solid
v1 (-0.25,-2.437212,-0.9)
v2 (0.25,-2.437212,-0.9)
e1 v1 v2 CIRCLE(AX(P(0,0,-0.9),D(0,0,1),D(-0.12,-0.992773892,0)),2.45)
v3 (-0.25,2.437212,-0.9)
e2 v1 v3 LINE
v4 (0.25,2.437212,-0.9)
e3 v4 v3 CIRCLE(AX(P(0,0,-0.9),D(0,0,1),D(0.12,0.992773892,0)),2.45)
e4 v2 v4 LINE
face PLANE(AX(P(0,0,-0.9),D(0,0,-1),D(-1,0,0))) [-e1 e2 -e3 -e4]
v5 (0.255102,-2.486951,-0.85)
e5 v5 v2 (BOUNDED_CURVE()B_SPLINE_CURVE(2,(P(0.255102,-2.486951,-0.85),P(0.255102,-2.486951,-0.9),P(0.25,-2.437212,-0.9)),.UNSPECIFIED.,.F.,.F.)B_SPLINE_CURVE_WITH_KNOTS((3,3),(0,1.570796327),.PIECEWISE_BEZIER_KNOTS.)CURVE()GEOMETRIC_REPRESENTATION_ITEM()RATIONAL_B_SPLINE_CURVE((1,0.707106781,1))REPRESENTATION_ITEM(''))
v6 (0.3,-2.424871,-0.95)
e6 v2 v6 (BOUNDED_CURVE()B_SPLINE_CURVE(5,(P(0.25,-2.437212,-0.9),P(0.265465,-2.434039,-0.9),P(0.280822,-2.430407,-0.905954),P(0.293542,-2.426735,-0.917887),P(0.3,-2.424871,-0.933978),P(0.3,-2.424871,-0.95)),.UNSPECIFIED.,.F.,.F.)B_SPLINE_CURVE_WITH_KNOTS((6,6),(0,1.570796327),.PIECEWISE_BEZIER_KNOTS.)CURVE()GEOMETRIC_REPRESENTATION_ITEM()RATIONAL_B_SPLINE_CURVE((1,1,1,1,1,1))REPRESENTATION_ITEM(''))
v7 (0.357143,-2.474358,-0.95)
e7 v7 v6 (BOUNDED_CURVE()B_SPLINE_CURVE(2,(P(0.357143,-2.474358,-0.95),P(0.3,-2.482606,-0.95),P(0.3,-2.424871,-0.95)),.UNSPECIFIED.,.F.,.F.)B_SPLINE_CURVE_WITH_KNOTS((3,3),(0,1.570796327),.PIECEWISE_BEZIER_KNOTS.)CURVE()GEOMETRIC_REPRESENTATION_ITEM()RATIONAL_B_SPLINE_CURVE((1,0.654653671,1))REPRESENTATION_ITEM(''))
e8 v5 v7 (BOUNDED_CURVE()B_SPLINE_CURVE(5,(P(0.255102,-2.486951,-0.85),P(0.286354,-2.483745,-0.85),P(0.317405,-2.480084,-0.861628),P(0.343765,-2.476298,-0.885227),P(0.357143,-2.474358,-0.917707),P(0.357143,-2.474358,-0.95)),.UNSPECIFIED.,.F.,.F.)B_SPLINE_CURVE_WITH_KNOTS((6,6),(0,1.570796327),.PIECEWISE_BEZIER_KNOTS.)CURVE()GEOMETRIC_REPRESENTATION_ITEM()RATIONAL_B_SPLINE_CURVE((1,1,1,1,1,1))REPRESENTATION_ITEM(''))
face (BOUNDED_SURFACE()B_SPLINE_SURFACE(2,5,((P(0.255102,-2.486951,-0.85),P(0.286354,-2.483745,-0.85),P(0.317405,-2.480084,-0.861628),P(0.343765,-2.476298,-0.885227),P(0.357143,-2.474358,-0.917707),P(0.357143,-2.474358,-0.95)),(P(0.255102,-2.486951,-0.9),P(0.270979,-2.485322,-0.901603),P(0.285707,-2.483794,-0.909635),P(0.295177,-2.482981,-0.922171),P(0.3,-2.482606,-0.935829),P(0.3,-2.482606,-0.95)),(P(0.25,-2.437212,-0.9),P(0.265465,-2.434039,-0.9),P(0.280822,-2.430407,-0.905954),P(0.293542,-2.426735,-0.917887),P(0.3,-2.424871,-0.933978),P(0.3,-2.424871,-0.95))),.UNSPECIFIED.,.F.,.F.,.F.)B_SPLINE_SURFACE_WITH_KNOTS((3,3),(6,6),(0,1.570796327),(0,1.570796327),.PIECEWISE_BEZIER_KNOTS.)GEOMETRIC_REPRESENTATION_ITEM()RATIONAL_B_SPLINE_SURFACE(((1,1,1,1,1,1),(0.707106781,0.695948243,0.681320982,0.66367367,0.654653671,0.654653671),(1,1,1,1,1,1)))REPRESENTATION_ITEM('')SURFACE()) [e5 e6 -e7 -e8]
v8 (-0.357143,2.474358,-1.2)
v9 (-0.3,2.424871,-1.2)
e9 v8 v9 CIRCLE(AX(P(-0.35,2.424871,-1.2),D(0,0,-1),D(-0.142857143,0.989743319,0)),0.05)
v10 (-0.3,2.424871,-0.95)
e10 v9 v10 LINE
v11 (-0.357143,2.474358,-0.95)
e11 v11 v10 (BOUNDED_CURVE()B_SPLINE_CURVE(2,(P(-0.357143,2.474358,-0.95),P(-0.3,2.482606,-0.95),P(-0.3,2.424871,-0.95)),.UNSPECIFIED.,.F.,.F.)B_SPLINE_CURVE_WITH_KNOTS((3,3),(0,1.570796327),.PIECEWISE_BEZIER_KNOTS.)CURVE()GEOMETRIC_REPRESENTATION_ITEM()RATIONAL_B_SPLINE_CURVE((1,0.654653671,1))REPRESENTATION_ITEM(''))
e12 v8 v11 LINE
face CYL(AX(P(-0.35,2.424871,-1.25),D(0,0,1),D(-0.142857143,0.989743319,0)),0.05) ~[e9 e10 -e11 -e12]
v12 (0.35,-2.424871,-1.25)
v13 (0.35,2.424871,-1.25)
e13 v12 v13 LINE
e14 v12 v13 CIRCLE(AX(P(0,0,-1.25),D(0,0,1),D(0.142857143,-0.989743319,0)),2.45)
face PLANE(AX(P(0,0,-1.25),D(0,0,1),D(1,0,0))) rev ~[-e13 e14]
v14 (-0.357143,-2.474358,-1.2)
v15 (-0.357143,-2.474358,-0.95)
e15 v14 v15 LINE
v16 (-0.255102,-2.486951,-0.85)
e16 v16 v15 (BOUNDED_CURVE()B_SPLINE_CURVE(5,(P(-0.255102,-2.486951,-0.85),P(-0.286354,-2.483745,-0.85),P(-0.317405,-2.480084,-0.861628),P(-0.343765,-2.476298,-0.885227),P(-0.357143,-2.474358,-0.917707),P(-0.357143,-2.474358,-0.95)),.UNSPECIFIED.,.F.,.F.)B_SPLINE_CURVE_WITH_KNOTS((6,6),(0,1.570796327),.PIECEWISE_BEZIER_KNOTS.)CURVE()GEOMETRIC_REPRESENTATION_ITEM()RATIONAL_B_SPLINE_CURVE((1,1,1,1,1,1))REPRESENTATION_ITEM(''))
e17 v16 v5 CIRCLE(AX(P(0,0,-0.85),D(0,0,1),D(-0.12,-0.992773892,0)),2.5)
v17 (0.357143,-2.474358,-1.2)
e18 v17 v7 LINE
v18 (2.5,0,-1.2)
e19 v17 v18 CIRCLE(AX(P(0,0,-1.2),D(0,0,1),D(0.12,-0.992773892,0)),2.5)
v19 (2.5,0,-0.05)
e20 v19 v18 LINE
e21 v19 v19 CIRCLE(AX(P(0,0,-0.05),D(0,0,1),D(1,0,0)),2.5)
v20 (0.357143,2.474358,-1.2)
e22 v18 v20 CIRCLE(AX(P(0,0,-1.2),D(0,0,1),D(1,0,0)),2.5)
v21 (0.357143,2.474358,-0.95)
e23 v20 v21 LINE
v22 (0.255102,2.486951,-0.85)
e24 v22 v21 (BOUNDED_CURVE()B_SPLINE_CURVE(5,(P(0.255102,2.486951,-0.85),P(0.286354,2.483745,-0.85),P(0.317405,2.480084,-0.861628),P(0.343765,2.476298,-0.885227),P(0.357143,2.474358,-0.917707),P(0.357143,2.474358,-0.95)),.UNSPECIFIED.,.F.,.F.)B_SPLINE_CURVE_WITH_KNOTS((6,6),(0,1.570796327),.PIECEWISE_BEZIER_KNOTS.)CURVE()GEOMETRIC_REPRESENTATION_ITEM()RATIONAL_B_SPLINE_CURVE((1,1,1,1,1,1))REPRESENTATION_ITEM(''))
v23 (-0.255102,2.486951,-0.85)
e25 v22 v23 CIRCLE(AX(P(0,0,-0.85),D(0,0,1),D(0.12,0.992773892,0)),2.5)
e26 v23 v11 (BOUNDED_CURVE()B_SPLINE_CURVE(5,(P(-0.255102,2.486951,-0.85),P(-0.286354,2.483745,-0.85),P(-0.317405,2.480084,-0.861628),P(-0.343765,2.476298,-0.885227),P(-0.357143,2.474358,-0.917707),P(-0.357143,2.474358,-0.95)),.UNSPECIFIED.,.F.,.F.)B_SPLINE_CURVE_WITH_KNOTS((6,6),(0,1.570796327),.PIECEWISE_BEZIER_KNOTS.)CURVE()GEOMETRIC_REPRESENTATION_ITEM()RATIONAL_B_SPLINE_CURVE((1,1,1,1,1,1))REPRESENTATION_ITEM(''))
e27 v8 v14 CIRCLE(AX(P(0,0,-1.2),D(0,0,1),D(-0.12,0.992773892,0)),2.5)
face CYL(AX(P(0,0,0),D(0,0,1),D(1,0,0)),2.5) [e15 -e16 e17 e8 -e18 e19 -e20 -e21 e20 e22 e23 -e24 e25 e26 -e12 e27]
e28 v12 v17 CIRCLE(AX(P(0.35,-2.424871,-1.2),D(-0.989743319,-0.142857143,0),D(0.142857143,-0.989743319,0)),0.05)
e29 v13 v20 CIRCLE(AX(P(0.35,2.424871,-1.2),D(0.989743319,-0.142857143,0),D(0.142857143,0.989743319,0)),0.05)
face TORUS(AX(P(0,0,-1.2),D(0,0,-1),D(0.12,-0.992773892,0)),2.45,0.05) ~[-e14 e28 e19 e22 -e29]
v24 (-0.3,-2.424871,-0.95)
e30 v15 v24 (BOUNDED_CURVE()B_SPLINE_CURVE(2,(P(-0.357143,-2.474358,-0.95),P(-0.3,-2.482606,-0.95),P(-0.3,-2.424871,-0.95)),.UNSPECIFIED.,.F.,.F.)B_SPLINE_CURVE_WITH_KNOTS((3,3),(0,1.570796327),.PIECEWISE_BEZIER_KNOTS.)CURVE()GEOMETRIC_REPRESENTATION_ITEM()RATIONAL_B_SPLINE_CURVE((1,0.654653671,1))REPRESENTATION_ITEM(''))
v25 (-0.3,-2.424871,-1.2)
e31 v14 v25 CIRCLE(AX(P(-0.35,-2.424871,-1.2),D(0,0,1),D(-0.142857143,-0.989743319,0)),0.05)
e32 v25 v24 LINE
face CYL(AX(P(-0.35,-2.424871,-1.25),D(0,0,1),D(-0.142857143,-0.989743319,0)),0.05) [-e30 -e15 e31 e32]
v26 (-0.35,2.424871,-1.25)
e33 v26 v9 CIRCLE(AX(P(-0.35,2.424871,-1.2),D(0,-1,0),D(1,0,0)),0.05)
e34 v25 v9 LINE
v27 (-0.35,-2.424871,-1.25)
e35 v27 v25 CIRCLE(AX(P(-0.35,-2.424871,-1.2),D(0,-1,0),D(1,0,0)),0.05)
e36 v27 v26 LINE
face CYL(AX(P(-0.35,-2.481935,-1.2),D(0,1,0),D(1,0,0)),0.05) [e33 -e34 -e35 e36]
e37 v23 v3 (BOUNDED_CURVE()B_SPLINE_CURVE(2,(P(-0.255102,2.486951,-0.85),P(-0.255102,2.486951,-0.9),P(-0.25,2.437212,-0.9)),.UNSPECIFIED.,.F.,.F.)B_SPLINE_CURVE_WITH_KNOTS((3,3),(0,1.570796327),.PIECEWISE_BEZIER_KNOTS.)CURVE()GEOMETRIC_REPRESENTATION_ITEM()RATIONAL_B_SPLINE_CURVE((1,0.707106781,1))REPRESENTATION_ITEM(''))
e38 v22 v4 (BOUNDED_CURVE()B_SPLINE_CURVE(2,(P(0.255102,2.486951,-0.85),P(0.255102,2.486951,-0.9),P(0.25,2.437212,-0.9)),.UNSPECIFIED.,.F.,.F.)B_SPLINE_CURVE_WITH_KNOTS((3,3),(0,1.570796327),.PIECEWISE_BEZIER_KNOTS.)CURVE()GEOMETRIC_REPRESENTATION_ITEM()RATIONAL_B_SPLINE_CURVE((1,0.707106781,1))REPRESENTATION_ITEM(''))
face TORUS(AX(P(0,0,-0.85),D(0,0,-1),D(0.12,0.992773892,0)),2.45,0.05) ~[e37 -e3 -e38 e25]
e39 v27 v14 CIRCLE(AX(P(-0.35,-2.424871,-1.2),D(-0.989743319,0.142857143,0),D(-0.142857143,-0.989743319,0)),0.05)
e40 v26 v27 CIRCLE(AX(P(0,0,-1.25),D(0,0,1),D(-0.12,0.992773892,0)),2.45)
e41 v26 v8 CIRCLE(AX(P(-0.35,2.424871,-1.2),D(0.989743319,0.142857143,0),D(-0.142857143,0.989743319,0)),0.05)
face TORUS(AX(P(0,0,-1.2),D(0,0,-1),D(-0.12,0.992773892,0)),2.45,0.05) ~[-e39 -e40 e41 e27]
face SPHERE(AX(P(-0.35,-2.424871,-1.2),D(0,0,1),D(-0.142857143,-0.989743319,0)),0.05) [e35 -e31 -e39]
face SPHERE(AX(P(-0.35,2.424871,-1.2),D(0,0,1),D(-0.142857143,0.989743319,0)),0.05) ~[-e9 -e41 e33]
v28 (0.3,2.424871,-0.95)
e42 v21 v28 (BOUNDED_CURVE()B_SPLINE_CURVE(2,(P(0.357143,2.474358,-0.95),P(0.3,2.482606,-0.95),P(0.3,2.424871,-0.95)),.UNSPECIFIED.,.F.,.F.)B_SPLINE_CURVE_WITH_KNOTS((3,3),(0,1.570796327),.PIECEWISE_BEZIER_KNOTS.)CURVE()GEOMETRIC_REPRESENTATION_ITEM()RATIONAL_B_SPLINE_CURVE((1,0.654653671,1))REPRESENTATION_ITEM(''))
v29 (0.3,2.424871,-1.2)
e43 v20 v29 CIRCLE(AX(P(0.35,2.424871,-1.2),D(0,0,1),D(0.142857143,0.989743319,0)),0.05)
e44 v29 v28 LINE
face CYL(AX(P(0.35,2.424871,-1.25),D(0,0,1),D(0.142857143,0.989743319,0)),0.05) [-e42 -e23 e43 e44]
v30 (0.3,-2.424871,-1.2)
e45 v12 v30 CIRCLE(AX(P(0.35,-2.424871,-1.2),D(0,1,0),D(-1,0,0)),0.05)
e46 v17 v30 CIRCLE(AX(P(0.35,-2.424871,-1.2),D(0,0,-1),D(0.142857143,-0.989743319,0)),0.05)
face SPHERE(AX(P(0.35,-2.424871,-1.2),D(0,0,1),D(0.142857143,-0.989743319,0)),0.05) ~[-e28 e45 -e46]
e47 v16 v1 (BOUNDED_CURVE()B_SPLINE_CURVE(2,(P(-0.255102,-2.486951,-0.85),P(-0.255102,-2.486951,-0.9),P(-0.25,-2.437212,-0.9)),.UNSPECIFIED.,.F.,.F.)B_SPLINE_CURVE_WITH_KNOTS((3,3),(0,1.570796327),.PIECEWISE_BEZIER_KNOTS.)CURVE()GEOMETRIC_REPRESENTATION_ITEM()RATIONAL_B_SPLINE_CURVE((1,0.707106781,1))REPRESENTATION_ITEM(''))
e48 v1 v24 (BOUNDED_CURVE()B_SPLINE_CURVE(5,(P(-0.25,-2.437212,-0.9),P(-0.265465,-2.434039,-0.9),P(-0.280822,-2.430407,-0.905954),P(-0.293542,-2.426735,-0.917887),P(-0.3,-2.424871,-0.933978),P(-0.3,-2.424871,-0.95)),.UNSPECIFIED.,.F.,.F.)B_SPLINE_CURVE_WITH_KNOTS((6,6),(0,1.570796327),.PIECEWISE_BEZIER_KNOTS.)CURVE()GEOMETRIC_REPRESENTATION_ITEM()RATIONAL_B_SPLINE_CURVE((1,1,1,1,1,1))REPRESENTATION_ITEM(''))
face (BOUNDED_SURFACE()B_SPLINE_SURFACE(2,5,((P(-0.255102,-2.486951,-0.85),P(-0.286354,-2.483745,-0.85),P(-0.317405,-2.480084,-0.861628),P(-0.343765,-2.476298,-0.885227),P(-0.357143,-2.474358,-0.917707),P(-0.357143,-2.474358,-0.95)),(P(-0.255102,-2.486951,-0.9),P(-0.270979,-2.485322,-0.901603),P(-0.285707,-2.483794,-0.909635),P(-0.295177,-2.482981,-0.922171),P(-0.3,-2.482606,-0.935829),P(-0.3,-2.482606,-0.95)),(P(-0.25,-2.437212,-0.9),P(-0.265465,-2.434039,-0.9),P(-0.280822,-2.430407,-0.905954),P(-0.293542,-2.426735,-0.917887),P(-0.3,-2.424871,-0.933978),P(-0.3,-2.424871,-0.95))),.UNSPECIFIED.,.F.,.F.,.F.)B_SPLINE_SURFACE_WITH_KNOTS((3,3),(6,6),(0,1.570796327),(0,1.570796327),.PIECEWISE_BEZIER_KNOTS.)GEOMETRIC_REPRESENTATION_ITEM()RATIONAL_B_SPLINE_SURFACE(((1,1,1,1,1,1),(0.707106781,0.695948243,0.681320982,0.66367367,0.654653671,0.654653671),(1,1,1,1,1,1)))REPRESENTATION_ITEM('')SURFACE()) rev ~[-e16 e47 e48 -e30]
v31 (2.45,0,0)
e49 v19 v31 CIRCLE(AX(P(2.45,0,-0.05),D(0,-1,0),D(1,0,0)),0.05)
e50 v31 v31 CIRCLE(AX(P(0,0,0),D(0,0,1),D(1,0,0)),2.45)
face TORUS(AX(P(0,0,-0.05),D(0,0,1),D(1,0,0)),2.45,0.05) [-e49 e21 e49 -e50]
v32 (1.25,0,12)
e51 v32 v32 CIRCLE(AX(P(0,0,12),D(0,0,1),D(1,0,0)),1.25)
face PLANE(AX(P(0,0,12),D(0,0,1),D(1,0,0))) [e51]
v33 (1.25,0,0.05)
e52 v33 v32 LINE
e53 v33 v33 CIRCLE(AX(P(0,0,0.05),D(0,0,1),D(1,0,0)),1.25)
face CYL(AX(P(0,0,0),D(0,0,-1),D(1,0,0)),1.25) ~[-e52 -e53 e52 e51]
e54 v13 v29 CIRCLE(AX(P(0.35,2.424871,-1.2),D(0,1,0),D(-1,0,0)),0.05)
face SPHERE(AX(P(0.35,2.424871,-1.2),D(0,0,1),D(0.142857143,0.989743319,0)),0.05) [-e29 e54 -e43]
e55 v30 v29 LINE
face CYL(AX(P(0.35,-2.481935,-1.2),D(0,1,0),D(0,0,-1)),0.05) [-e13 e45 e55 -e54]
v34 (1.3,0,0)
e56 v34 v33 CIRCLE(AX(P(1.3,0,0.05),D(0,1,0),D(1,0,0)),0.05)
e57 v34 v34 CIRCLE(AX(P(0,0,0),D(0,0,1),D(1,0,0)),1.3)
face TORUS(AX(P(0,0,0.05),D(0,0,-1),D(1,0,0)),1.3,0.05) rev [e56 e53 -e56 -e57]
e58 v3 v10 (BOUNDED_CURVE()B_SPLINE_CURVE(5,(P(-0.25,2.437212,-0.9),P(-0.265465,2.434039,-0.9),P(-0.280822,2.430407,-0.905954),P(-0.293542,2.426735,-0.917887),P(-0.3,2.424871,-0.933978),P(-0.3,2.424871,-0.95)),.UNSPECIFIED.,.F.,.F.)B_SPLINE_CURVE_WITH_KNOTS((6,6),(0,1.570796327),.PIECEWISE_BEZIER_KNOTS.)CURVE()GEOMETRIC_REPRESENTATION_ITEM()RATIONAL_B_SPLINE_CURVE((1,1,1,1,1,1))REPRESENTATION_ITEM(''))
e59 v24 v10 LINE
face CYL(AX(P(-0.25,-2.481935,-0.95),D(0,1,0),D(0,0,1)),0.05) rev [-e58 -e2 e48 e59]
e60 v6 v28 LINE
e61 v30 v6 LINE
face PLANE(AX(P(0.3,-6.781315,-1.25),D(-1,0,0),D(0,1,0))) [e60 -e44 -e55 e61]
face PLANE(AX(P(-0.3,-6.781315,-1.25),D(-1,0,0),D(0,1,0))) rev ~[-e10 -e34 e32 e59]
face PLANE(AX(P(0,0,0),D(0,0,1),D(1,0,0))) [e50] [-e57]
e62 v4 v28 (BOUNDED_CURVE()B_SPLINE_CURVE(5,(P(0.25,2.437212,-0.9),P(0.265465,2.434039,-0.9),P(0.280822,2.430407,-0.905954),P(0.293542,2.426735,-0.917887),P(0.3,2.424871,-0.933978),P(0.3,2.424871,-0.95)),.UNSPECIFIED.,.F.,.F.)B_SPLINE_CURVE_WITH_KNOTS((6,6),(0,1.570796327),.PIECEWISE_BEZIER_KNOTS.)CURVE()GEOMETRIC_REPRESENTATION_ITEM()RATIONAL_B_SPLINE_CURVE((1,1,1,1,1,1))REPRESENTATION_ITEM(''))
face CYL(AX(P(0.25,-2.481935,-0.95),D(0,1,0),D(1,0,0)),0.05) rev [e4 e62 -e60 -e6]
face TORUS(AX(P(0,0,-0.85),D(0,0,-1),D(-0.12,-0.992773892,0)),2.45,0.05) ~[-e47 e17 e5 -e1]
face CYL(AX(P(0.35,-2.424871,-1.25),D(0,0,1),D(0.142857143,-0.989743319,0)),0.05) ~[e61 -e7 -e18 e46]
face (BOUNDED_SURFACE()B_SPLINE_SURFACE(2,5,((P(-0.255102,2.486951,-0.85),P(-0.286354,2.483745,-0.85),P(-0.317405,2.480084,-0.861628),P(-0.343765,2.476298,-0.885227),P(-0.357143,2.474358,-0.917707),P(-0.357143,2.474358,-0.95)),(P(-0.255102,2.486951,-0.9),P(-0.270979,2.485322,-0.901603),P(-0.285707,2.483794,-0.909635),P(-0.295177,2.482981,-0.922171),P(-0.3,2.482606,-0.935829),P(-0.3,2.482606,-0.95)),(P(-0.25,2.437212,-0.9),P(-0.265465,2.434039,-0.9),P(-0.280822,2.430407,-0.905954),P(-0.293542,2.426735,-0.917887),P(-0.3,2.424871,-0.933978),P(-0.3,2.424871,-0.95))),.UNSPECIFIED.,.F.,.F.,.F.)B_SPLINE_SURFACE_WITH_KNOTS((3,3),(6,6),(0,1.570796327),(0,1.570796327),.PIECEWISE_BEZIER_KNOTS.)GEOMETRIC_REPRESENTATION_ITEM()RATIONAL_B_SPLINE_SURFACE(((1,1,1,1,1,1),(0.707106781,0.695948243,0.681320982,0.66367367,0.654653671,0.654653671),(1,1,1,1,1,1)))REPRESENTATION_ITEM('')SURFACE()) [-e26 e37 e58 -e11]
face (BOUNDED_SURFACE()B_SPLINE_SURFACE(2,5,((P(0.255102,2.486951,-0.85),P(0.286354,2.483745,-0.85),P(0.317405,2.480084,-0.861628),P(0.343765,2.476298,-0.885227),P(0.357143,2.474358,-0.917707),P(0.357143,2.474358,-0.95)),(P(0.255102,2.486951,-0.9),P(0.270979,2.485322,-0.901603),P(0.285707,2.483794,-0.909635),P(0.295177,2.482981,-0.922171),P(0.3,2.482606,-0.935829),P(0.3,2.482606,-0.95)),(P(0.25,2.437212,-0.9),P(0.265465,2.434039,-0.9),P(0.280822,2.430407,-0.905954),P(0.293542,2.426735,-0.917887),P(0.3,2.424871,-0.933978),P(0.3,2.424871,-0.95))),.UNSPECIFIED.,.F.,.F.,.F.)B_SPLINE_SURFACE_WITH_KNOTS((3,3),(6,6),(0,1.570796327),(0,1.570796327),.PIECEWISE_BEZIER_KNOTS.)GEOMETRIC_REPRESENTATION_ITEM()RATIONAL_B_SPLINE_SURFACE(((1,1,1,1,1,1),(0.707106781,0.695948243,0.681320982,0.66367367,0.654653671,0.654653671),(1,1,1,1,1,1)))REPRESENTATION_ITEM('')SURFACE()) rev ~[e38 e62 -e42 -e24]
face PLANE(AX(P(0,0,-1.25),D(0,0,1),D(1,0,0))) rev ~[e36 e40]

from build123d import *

# Parameters (mm, degrees)
SKETCH1_R           = 1.25
BOSS_EXTRUDE1_DEPTH = 12
SKETCH2_R           = 2.5
BOSS_EXTRUDE2_DEPTH = 1.25
SKETCH3_W           = 0.6
SKETCH3_H           = 13.562630166
CUT_EXTRUDE1_DEPTH  = 0.35
FILLET1_R           = 0.05
FILLET2_R           = 0.05


with BuildPart() as part:
    # Sketch1 → Boss-Extrude1 (new body)
    with BuildSketch(Plane.XY):
        Circle(SKETCH1_R)
    extrude(amount=BOSS_EXTRUDE1_DEPTH)

    # Sketch2 → Boss-Extrude2 (add)
    with BuildSketch(Plane.XY):
        Circle(SKETCH2_R)
    extrude(amount=-BOSS_EXTRUDE2_DEPTH)

    # Sketch3 → Cut-Extrude1 (cut)
    with BuildSketch(Plane(origin=(0, 0, -1.25), x_dir=(-1, 0, 0), z_dir=(0, 0, -1))):
        Rectangle(SKETCH3_W, SKETCH3_H)
    extrude(amount=-CUT_EXTRUDE1_DEPTH, mode=Mode.SUBTRACT)

    # Fillet1
    fillet1_edges = [part.edges().sort_by_distance(p)[0] for p in [
        (1.870828693, -1.658312395, -1.25),
        (-0.3, 0, -1.25),
        (0.3, 0, -1.25),
        (0, 2.5, -0.9),
        (0, -2.5, -0.9),
        (0.3, 2.481934729, -1.075),
        (0.3, -2.481934729, -1.075),
        (-0.3, -2.481934729, -1.075),
        (-0.3, 2.481934729, -1.075),
        (0.3, 0, -0.9),
        (-0.3, 0, -0.9),
        (-2.5, 0, -1.25),
    ]]
    fillet(fillet1_edges, radius=FILLET1_R)

    # Fillet2
    fillet2_edges = [part.edges().sort_by_distance(p)[0] for p in [
        (-1.25, 0, 0),
        (-2.5, 0, 0),
    ]]
    fillet(fillet2_edges, radius=FILLET2_R)


solid = part.part
